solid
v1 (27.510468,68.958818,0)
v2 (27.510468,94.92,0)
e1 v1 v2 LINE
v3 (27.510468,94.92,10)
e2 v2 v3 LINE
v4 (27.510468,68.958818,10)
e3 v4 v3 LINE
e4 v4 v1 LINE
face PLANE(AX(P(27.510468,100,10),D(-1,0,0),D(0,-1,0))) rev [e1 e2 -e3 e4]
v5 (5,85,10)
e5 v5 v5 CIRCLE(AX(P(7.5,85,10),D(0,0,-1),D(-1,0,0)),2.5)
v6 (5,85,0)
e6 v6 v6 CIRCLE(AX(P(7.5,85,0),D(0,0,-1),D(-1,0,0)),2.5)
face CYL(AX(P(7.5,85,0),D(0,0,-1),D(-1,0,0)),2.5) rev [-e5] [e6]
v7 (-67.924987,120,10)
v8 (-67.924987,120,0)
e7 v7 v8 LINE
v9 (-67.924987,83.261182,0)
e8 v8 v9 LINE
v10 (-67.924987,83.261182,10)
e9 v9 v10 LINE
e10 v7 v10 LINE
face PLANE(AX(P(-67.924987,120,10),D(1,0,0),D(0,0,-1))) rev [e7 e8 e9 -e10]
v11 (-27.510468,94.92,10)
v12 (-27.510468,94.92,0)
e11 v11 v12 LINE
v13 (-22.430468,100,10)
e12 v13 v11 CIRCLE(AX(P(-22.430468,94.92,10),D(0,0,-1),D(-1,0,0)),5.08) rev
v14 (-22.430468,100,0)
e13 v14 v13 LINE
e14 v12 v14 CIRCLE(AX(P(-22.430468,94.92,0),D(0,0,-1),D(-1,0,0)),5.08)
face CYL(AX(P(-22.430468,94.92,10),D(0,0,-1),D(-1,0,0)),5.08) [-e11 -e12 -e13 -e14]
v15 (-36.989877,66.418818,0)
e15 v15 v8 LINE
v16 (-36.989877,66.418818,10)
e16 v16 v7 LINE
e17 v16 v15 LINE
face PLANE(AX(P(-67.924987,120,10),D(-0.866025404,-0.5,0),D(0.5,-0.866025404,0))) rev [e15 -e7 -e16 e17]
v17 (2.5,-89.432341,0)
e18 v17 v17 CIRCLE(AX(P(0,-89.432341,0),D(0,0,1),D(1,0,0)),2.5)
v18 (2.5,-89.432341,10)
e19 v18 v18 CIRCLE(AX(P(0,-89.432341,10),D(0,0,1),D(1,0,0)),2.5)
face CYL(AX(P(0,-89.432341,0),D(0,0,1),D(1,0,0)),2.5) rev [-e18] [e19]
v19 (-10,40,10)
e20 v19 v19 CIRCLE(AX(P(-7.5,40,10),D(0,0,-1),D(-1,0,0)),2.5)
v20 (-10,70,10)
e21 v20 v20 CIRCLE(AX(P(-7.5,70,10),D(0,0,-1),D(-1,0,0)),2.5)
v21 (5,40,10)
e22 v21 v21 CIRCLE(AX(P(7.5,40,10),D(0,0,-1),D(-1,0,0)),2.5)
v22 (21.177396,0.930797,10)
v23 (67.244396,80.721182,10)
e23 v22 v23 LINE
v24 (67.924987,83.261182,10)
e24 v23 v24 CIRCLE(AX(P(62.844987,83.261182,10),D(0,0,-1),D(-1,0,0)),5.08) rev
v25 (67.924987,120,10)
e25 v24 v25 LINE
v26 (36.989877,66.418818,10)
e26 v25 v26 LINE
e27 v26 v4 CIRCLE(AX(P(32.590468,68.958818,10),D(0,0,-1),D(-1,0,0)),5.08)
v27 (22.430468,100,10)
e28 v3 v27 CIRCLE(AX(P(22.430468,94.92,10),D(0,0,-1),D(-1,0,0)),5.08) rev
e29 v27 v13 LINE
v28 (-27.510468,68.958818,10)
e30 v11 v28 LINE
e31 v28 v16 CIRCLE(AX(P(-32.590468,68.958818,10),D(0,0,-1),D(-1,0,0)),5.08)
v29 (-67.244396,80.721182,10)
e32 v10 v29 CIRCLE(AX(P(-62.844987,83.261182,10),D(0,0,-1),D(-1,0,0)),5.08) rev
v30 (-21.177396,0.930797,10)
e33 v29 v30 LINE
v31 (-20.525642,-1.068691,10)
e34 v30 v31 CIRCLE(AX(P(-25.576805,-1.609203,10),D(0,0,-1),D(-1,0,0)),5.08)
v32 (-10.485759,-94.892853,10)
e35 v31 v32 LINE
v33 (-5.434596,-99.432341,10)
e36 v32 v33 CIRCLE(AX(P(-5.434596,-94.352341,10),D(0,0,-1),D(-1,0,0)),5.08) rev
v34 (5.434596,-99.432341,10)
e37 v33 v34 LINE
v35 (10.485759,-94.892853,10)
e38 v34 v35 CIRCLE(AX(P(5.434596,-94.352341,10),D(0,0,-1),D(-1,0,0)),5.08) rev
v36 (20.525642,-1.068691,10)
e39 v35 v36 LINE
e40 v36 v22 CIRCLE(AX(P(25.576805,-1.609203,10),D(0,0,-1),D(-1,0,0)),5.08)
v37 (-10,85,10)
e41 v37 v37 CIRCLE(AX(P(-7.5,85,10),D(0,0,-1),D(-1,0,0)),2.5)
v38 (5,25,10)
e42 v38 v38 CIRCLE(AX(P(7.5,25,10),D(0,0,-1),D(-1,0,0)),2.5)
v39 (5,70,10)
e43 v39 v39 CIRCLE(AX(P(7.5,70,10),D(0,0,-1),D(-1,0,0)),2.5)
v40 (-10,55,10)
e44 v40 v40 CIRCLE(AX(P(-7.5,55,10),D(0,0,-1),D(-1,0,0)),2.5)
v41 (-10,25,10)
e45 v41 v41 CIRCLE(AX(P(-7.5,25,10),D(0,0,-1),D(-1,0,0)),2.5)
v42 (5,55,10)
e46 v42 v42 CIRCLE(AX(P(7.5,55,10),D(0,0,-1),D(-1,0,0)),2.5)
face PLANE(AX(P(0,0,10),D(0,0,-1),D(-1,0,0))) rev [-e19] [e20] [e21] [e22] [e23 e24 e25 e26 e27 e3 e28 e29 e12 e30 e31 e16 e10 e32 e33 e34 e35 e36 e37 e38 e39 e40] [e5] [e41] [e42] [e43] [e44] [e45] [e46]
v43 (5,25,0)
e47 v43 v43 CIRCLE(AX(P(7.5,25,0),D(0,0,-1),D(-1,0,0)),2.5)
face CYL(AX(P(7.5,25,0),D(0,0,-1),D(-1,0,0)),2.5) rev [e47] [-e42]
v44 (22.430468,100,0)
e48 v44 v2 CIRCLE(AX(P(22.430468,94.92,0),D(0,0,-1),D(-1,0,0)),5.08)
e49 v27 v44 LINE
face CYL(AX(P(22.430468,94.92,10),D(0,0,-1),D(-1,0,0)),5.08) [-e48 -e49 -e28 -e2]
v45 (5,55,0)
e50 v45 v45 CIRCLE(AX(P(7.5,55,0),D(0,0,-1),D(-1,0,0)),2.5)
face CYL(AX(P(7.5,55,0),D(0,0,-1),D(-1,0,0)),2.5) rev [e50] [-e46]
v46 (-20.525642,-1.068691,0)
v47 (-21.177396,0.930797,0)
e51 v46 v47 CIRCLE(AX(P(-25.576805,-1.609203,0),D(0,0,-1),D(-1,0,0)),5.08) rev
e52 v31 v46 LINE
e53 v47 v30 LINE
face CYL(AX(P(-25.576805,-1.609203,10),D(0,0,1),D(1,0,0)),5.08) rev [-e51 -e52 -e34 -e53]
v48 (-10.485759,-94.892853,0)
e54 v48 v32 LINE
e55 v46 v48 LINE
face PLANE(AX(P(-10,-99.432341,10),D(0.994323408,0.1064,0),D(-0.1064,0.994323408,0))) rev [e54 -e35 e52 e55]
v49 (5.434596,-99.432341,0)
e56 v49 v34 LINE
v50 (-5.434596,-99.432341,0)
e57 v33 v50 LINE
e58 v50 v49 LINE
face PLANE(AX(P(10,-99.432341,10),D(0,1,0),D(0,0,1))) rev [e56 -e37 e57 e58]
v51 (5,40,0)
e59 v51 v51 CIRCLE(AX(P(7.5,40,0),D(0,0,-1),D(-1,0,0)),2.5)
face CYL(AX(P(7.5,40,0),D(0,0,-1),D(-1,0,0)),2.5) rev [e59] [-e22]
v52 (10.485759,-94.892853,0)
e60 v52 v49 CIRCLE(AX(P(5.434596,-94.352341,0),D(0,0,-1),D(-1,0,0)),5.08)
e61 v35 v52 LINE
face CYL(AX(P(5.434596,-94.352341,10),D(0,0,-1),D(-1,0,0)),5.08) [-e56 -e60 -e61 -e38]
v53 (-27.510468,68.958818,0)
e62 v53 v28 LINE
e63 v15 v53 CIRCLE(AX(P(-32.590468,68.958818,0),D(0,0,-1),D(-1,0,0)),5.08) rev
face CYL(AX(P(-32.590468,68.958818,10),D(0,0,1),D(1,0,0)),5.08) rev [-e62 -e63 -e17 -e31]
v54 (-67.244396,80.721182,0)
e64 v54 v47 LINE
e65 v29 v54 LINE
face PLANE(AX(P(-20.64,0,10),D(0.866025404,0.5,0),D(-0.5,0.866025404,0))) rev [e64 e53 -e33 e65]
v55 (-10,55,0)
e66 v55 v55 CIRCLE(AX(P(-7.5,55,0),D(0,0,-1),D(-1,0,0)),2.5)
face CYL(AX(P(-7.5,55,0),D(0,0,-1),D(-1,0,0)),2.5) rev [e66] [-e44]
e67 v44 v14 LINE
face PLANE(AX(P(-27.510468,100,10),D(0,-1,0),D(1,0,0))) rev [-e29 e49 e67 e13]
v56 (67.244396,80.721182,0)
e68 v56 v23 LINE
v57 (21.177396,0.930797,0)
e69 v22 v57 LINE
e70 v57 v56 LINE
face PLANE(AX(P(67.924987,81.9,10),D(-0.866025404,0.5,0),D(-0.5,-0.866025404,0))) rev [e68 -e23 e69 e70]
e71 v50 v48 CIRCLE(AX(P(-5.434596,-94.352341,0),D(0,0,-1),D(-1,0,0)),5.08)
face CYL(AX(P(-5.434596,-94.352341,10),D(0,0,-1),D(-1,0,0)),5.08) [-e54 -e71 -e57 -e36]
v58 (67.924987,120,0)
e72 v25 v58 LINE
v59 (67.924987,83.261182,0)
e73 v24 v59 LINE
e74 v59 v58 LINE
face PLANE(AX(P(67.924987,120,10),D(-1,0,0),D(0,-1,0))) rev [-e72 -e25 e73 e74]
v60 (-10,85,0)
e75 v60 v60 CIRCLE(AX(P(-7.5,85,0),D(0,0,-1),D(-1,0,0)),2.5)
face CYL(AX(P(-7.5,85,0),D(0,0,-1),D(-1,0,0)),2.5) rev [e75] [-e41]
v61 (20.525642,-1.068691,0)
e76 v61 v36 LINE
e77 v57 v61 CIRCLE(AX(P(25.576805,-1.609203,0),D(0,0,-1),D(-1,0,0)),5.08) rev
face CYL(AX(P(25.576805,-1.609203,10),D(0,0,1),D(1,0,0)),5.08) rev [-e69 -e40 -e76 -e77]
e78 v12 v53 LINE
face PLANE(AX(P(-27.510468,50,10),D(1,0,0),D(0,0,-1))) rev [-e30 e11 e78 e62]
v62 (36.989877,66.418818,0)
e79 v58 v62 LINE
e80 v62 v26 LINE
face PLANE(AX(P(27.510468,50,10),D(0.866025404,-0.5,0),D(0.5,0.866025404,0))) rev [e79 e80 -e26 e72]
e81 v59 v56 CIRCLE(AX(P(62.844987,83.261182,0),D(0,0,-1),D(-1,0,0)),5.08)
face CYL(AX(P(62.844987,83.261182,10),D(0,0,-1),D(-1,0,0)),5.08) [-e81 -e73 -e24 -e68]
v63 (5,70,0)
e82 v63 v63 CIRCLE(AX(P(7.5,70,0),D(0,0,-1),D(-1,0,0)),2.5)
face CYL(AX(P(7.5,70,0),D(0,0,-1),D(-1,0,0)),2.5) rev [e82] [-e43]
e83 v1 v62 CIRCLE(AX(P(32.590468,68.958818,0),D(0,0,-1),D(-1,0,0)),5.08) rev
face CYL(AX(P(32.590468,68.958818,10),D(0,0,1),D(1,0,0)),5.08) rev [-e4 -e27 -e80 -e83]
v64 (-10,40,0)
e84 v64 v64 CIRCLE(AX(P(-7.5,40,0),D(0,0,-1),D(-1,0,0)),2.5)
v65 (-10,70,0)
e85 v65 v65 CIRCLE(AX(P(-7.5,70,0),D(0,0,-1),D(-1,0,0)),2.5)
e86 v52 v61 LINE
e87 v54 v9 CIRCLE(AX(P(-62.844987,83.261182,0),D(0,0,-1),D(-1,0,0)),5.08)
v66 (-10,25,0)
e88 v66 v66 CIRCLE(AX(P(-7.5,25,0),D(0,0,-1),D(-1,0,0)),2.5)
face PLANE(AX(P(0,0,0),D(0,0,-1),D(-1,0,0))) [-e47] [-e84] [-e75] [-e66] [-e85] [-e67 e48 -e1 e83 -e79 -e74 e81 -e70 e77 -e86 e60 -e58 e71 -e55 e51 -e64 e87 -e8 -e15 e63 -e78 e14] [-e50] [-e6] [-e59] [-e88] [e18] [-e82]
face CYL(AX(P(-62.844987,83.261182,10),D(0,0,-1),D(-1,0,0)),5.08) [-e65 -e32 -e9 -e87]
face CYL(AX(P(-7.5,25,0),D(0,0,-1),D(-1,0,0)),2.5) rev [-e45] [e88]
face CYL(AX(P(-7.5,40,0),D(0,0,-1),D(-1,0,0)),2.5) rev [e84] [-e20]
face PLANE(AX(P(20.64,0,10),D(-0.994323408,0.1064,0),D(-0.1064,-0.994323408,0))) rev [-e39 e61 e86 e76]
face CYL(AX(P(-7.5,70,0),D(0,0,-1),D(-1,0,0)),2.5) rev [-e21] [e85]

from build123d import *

# Parameters (mm, degrees)
BOSS_EXTRUDE1_DEPTH   = 10
FILLET1_R             = 5.08
F_5_0MM_DOWEL_HOLE1_D = 5
SKETCH14_R            = 2.5
CUT_EXTRUDE1_DEPTH    = 139.252681223
LPATTERN1_COUNT       = 5
LPATTERN1_PITCH       = 15


with BuildPart() as part:
    # Sketch1 → Boss-Extrude1 (new body)
    with BuildSketch(Plane.XY):
        Polygon((27.510468203, 50), (67.924987047, 120), (67.924987047, 81.9), (20.64, 0), (10, -99.432340815), (-10, -99.432340815), (-20.64, 0), (-67.924987047, 81.9), (-67.924987047, 120), (-27.510468203, 50), (-27.510468203, 100), (27.510468203, 100), align=None)
    extrude(amount=BOSS_EXTRUDE1_DEPTH)

    # Fillet1
    fillet1_edges = [part.edges().sort_by_distance(p)[0] for p in [
        (-27.510468203, 100, 5),
        (27.510468203, 100, 5),
        (27.510468203, 50, 5),
        (67.924987047, 81.9, 5),
        (20.64, 0, 5),
        (10, -99.432340815, 5),
        (-10, -99.432340815, 5),
        (-20.64, 0, 5),
        (-67.924987047, 81.9, 5),
        (-27.510468203, 50, 5),
    ]]
    fillet(fillet1_edges, radius=FILLET1_R)

    # Ø5.0mm Dowel Hole1 (through all)
    with Locations(Plane(origin=(0, 0, 0), x_dir=(-1, 0, 0), z_dir=(0, 0, -1))):
        with Locations((7.5, 25), (-7.5, 25)):
            f_5_0mm_dowel_hole1 = Hole(F_5_0MM_DOWEL_HOLE1_D / 2)

    # Sketch14 → Cut-Extrude1 (cut, through all)
    with BuildSketch(Plane.XY.offset(10)):
        with Locations((0, -89.432340815)):
            Circle(SKETCH14_R)
    extrude(amount=-CUT_EXTRUDE1_DEPTH, mode=Mode.SUBTRACT)

    # LPattern1: Ø5.0mm Dowel Hole1 ×5
    with Locations(*[(0, i * LPATTERN1_PITCH, 0) for i in range(1, LPATTERN1_COUNT)]):
        add(f_5_0mm_dowel_hole1, mode=Mode.SUBTRACT)


solid = part.part
